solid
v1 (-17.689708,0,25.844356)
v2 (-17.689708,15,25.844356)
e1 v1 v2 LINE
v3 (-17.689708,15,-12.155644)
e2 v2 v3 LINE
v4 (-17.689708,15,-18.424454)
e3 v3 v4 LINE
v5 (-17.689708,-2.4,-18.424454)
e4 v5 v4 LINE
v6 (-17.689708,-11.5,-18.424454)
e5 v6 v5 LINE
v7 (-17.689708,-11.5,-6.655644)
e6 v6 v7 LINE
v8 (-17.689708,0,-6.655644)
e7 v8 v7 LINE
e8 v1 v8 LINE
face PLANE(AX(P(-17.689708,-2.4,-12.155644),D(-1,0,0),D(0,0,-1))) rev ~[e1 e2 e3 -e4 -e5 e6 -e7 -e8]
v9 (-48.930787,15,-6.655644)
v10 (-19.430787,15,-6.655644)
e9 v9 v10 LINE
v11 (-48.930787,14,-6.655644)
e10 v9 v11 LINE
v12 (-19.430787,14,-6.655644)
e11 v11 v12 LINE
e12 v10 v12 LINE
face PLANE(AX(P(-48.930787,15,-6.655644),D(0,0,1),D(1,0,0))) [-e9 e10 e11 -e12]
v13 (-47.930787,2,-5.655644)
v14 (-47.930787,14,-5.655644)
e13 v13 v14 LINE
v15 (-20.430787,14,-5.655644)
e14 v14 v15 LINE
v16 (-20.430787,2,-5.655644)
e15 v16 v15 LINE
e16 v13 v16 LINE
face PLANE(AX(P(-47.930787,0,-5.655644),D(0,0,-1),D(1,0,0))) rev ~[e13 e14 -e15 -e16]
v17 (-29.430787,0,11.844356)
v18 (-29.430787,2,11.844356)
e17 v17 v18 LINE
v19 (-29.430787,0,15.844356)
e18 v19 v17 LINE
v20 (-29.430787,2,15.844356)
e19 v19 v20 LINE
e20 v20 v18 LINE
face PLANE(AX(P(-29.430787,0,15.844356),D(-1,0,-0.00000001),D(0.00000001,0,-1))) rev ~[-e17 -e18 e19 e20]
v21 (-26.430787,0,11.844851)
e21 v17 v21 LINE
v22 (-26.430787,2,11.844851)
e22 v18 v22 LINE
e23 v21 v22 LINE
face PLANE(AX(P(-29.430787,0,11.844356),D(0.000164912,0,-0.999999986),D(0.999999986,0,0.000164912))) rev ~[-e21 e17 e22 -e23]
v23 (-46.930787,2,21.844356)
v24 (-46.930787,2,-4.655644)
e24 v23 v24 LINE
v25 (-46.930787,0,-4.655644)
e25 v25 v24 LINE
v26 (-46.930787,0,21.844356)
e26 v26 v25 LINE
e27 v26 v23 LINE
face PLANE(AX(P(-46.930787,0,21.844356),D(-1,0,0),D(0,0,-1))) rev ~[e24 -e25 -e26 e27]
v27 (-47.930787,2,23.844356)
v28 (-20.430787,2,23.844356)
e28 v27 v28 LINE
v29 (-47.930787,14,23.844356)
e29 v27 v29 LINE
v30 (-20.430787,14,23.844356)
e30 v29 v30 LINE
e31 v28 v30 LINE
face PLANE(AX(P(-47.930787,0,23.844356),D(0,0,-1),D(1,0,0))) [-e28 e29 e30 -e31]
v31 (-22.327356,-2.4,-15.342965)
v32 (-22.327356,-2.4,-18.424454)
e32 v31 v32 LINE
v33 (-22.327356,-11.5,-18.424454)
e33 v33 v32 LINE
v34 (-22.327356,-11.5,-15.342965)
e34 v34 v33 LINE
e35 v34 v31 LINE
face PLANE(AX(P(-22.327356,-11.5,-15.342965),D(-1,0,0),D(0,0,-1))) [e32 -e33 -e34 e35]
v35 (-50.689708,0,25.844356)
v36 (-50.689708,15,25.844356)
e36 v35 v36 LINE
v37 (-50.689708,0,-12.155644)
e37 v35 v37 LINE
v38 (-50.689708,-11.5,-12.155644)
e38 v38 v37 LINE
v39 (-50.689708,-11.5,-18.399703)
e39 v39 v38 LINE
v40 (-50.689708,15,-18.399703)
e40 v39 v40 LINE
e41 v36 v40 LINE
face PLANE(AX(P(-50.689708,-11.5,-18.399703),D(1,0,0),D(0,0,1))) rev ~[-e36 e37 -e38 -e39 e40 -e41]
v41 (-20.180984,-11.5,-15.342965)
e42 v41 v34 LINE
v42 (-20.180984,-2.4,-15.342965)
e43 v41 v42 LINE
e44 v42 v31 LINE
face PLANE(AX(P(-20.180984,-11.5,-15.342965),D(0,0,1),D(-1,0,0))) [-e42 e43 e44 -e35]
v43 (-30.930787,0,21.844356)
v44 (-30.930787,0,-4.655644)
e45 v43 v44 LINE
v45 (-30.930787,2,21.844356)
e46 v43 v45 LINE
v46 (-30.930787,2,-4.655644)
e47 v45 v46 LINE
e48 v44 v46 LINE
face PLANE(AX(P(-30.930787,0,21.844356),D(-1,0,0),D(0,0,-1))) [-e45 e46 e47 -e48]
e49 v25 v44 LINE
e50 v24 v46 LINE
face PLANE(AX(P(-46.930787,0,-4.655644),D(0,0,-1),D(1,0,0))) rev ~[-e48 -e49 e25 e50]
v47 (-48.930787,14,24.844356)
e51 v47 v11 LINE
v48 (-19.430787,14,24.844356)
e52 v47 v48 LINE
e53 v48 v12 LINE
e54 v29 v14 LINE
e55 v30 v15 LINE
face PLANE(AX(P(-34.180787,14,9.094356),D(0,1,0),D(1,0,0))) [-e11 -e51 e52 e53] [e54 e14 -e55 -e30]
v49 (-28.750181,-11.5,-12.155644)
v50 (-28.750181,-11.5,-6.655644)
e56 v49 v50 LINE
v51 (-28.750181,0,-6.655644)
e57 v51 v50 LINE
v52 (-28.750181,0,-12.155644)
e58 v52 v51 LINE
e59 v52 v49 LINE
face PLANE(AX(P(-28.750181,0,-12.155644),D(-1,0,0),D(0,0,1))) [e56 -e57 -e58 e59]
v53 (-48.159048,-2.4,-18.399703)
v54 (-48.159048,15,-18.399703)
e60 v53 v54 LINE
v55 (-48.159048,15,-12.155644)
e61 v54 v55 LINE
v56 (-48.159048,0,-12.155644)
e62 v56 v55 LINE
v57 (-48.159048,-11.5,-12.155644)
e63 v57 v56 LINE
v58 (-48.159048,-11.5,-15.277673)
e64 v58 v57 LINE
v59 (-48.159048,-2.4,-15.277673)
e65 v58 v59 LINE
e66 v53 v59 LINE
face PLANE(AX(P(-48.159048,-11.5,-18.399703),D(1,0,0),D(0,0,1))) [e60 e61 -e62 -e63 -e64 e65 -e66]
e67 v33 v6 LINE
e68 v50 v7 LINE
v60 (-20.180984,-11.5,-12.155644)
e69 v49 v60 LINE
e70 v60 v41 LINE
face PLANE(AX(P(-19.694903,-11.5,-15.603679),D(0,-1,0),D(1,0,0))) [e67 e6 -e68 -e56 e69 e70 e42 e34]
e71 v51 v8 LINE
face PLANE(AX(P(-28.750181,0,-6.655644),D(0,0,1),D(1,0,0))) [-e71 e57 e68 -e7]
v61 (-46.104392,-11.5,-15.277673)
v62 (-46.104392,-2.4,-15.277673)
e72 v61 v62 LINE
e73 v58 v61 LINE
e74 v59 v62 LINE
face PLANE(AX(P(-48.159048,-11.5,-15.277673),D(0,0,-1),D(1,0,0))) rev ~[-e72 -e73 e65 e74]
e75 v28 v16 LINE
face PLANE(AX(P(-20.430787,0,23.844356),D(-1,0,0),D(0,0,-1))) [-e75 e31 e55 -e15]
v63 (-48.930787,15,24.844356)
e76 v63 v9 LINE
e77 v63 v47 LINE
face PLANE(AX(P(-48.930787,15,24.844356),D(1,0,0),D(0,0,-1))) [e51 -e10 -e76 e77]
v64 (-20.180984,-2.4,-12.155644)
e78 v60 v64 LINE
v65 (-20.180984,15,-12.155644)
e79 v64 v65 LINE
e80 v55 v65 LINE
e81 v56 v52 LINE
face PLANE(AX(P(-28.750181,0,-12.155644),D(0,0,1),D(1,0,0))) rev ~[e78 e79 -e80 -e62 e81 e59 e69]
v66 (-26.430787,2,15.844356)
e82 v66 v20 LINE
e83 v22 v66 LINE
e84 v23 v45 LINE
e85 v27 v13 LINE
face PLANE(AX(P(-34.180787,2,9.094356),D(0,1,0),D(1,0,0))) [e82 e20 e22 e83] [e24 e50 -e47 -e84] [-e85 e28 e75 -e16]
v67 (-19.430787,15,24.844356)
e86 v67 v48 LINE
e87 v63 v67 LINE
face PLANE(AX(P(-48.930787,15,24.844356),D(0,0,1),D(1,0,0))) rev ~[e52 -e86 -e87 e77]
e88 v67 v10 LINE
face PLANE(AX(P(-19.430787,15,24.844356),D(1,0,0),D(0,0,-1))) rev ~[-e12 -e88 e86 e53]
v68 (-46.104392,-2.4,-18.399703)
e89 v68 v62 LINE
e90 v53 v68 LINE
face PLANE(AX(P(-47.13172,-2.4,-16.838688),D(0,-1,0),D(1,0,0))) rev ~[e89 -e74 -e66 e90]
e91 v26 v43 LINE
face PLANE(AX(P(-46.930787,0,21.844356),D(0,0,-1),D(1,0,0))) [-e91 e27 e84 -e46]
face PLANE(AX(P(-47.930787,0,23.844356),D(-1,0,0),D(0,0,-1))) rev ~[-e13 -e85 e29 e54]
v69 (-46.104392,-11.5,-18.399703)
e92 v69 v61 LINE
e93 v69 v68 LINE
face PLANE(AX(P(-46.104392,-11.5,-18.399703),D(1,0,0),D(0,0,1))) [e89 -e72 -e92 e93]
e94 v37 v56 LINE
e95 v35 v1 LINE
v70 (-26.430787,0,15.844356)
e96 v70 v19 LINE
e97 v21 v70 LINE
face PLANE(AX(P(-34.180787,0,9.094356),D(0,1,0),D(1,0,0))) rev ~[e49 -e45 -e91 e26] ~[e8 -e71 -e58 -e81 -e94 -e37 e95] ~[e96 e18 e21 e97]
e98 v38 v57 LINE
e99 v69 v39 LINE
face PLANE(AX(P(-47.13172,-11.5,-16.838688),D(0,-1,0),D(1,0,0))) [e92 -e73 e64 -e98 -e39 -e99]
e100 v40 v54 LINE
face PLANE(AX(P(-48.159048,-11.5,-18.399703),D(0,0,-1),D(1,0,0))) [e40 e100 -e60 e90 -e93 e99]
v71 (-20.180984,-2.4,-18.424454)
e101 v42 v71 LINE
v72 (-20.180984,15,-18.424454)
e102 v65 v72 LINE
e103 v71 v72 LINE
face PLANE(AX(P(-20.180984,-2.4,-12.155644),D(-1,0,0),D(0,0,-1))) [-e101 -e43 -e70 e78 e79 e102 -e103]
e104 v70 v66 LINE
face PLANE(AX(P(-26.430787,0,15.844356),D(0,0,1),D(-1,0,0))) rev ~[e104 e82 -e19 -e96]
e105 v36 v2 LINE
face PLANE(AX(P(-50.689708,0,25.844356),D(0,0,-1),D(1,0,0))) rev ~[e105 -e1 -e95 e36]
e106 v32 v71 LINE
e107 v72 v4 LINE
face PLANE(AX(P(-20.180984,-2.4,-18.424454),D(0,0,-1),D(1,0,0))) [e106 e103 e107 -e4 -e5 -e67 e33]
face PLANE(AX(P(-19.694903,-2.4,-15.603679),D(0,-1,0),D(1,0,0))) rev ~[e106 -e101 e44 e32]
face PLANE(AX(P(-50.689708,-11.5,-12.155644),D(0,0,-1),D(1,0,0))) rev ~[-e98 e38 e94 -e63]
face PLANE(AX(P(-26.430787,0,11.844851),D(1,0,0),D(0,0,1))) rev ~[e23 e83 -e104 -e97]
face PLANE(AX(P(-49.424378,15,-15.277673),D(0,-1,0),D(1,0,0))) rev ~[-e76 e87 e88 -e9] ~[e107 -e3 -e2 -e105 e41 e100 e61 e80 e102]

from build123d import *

# Parameters (mm, degrees)
SKETCH_1_W          = 33
SKETCH_1_H          = 38
SKETCH_1_W_2        = 27.5
SKETCH_1_H_2        = 29.5
EXTRUDE_1_DEPTH     = 15
SKETCH_1_3_W        = 27.5
SKETCH_1_3_H        = 29.5
SKETCH_1_3_W_2      = 16
SKETCH_1_3_H_2      = 26.5
EXTRUDE_2_DEPTH     = 2
SKETCH_2_W          = 29.5
SKETCH_2_H          = 31.5
CUT_EXTRUDE_1_DEPTH = 1
SKETCH_3_W          = 11.060472634
SKETCH_3_H          = 5.5
EXTRUDE_3_DEPTH     = 11.5
EXTRUDE_4_DEPTH     = 9.1
SKETCH_5_W          = 2.491276019
SKETCH_5_H          = 6.268810469
EXTRUDE_5_DEPTH     = 17.4
SKETCH_6_W          = 2.530660276
SKETCH_6_H          = 6.244059343
EXTRUDE_6_DEPTH     = 26.5
SKETCH_6_3_W        = 2.054656533
SKETCH_6_3_H        = 3.122029671
EXTRUDE_7_DEPTH     = 9.1


with BuildPart() as part:
    # Sketch 1 → Extrude 1 (new body)
    with BuildSketch(Plane(origin=(0, 0, 0), x_dir=(1, 0, 0), z_dir=(0, 1, 0))):
        with Locations((-34.189708408, -6.844356319)):
            Rectangle(SKETCH_1_W, SKETCH_1_H)
        with Locations((-34.180787321, -9.094356319)):
            Rectangle(SKETCH_1_W_2, SKETCH_1_H_2, mode=Mode.SUBTRACT)
    extrude(amount=EXTRUDE_1_DEPTH)

    # Sketch 1_3 → Extrude 2 (add)
    with BuildSketch(Plane(origin=(0, 0, 0), x_dir=(1, 0, 0), z_dir=(0, 1, 0))):
        with Locations((-34.180787321, -9.094356319)):
            Rectangle(SKETCH_1_3_W, SKETCH_1_3_H)
        with Locations((-38.930787321, -8.594356319)):
            Rectangle(SKETCH_1_3_W_2, SKETCH_1_3_H_2, mode=Mode.SUBTRACT)
        Polygon((-26.430787321, -11.844851054), (-26.430787321, -15.844356319), (-29.430787321, -15.844356319), (-29.43078728, -11.844356319), align=None, mode=Mode.SUBTRACT)
    extrude(amount=EXTRUDE_2_DEPTH)

    # Sketch 2 → Cut-Extrude 1 (cut)
    with BuildSketch(Plane(origin=(0, 15, 0), x_dir=(1, 0, 0), z_dir=(0, 1, 0))):
        with Locations((-34.180787321, -9.094356319)):
            Rectangle(SKETCH_2_W, SKETCH_2_H)
    extrude(amount=-CUT_EXTRUDE_1_DEPTH, mode=Mode.SUBTRACT)

    # Sketch 3 → Extrude 3 (add)
    with BuildSketch(Plane.XZ):
        with Locations((-23.219944725, -9.405643681)):
            Rectangle(SKETCH_3_W, SKETCH_3_H)
    extrude(amount=EXTRUDE_3_DEPTH)

    # Sketch 4 → Extrude 4 (add)
    with BuildSketch(Plane.XZ.offset(11.5)):
        Polygon((-17.689708408, -12.155643681), (-20.180984427, -12.155643681), (-20.180984427, -15.342965437), (-22.327356321, -15.342965437), (-22.327356321, -18.42445415), (-20.180984427, -18.42445415), (-17.689708408, -18.42445415), align=None)
    extrude(amount=-EXTRUDE_4_DEPTH)

    # Sketch 5 → Extrude 5 (add)
    with BuildSketch(Plane(origin=(0, -2.4, 0), x_dir=(1, 0, 0), z_dir=(0, 1, 0))):
        with Locations((-18.935346417, 15.290048916)):
            Rectangle(SKETCH_5_W, SKETCH_5_H)
    extrude(amount=EXTRUDE_5_DEPTH)

    # Sketch 6 → Extrude 6 (add)
    with BuildSketch(Plane.XZ.offset(11.5)):
        with Locations((-49.42437827, -15.277673353)):
            Rectangle(SKETCH_6_W, SKETCH_6_H)
    extrude(amount=-EXTRUDE_6_DEPTH)

    # Sketch 6_3 → Extrude 7 (add)
    with BuildSketch(Plane.XZ.offset(11.5)):
        with Locations((-47.131719866, -16.838688189)):
            Rectangle(SKETCH_6_3_W, SKETCH_6_3_H)
    extrude(amount=-EXTRUDE_7_DEPTH)


solid = part.part
